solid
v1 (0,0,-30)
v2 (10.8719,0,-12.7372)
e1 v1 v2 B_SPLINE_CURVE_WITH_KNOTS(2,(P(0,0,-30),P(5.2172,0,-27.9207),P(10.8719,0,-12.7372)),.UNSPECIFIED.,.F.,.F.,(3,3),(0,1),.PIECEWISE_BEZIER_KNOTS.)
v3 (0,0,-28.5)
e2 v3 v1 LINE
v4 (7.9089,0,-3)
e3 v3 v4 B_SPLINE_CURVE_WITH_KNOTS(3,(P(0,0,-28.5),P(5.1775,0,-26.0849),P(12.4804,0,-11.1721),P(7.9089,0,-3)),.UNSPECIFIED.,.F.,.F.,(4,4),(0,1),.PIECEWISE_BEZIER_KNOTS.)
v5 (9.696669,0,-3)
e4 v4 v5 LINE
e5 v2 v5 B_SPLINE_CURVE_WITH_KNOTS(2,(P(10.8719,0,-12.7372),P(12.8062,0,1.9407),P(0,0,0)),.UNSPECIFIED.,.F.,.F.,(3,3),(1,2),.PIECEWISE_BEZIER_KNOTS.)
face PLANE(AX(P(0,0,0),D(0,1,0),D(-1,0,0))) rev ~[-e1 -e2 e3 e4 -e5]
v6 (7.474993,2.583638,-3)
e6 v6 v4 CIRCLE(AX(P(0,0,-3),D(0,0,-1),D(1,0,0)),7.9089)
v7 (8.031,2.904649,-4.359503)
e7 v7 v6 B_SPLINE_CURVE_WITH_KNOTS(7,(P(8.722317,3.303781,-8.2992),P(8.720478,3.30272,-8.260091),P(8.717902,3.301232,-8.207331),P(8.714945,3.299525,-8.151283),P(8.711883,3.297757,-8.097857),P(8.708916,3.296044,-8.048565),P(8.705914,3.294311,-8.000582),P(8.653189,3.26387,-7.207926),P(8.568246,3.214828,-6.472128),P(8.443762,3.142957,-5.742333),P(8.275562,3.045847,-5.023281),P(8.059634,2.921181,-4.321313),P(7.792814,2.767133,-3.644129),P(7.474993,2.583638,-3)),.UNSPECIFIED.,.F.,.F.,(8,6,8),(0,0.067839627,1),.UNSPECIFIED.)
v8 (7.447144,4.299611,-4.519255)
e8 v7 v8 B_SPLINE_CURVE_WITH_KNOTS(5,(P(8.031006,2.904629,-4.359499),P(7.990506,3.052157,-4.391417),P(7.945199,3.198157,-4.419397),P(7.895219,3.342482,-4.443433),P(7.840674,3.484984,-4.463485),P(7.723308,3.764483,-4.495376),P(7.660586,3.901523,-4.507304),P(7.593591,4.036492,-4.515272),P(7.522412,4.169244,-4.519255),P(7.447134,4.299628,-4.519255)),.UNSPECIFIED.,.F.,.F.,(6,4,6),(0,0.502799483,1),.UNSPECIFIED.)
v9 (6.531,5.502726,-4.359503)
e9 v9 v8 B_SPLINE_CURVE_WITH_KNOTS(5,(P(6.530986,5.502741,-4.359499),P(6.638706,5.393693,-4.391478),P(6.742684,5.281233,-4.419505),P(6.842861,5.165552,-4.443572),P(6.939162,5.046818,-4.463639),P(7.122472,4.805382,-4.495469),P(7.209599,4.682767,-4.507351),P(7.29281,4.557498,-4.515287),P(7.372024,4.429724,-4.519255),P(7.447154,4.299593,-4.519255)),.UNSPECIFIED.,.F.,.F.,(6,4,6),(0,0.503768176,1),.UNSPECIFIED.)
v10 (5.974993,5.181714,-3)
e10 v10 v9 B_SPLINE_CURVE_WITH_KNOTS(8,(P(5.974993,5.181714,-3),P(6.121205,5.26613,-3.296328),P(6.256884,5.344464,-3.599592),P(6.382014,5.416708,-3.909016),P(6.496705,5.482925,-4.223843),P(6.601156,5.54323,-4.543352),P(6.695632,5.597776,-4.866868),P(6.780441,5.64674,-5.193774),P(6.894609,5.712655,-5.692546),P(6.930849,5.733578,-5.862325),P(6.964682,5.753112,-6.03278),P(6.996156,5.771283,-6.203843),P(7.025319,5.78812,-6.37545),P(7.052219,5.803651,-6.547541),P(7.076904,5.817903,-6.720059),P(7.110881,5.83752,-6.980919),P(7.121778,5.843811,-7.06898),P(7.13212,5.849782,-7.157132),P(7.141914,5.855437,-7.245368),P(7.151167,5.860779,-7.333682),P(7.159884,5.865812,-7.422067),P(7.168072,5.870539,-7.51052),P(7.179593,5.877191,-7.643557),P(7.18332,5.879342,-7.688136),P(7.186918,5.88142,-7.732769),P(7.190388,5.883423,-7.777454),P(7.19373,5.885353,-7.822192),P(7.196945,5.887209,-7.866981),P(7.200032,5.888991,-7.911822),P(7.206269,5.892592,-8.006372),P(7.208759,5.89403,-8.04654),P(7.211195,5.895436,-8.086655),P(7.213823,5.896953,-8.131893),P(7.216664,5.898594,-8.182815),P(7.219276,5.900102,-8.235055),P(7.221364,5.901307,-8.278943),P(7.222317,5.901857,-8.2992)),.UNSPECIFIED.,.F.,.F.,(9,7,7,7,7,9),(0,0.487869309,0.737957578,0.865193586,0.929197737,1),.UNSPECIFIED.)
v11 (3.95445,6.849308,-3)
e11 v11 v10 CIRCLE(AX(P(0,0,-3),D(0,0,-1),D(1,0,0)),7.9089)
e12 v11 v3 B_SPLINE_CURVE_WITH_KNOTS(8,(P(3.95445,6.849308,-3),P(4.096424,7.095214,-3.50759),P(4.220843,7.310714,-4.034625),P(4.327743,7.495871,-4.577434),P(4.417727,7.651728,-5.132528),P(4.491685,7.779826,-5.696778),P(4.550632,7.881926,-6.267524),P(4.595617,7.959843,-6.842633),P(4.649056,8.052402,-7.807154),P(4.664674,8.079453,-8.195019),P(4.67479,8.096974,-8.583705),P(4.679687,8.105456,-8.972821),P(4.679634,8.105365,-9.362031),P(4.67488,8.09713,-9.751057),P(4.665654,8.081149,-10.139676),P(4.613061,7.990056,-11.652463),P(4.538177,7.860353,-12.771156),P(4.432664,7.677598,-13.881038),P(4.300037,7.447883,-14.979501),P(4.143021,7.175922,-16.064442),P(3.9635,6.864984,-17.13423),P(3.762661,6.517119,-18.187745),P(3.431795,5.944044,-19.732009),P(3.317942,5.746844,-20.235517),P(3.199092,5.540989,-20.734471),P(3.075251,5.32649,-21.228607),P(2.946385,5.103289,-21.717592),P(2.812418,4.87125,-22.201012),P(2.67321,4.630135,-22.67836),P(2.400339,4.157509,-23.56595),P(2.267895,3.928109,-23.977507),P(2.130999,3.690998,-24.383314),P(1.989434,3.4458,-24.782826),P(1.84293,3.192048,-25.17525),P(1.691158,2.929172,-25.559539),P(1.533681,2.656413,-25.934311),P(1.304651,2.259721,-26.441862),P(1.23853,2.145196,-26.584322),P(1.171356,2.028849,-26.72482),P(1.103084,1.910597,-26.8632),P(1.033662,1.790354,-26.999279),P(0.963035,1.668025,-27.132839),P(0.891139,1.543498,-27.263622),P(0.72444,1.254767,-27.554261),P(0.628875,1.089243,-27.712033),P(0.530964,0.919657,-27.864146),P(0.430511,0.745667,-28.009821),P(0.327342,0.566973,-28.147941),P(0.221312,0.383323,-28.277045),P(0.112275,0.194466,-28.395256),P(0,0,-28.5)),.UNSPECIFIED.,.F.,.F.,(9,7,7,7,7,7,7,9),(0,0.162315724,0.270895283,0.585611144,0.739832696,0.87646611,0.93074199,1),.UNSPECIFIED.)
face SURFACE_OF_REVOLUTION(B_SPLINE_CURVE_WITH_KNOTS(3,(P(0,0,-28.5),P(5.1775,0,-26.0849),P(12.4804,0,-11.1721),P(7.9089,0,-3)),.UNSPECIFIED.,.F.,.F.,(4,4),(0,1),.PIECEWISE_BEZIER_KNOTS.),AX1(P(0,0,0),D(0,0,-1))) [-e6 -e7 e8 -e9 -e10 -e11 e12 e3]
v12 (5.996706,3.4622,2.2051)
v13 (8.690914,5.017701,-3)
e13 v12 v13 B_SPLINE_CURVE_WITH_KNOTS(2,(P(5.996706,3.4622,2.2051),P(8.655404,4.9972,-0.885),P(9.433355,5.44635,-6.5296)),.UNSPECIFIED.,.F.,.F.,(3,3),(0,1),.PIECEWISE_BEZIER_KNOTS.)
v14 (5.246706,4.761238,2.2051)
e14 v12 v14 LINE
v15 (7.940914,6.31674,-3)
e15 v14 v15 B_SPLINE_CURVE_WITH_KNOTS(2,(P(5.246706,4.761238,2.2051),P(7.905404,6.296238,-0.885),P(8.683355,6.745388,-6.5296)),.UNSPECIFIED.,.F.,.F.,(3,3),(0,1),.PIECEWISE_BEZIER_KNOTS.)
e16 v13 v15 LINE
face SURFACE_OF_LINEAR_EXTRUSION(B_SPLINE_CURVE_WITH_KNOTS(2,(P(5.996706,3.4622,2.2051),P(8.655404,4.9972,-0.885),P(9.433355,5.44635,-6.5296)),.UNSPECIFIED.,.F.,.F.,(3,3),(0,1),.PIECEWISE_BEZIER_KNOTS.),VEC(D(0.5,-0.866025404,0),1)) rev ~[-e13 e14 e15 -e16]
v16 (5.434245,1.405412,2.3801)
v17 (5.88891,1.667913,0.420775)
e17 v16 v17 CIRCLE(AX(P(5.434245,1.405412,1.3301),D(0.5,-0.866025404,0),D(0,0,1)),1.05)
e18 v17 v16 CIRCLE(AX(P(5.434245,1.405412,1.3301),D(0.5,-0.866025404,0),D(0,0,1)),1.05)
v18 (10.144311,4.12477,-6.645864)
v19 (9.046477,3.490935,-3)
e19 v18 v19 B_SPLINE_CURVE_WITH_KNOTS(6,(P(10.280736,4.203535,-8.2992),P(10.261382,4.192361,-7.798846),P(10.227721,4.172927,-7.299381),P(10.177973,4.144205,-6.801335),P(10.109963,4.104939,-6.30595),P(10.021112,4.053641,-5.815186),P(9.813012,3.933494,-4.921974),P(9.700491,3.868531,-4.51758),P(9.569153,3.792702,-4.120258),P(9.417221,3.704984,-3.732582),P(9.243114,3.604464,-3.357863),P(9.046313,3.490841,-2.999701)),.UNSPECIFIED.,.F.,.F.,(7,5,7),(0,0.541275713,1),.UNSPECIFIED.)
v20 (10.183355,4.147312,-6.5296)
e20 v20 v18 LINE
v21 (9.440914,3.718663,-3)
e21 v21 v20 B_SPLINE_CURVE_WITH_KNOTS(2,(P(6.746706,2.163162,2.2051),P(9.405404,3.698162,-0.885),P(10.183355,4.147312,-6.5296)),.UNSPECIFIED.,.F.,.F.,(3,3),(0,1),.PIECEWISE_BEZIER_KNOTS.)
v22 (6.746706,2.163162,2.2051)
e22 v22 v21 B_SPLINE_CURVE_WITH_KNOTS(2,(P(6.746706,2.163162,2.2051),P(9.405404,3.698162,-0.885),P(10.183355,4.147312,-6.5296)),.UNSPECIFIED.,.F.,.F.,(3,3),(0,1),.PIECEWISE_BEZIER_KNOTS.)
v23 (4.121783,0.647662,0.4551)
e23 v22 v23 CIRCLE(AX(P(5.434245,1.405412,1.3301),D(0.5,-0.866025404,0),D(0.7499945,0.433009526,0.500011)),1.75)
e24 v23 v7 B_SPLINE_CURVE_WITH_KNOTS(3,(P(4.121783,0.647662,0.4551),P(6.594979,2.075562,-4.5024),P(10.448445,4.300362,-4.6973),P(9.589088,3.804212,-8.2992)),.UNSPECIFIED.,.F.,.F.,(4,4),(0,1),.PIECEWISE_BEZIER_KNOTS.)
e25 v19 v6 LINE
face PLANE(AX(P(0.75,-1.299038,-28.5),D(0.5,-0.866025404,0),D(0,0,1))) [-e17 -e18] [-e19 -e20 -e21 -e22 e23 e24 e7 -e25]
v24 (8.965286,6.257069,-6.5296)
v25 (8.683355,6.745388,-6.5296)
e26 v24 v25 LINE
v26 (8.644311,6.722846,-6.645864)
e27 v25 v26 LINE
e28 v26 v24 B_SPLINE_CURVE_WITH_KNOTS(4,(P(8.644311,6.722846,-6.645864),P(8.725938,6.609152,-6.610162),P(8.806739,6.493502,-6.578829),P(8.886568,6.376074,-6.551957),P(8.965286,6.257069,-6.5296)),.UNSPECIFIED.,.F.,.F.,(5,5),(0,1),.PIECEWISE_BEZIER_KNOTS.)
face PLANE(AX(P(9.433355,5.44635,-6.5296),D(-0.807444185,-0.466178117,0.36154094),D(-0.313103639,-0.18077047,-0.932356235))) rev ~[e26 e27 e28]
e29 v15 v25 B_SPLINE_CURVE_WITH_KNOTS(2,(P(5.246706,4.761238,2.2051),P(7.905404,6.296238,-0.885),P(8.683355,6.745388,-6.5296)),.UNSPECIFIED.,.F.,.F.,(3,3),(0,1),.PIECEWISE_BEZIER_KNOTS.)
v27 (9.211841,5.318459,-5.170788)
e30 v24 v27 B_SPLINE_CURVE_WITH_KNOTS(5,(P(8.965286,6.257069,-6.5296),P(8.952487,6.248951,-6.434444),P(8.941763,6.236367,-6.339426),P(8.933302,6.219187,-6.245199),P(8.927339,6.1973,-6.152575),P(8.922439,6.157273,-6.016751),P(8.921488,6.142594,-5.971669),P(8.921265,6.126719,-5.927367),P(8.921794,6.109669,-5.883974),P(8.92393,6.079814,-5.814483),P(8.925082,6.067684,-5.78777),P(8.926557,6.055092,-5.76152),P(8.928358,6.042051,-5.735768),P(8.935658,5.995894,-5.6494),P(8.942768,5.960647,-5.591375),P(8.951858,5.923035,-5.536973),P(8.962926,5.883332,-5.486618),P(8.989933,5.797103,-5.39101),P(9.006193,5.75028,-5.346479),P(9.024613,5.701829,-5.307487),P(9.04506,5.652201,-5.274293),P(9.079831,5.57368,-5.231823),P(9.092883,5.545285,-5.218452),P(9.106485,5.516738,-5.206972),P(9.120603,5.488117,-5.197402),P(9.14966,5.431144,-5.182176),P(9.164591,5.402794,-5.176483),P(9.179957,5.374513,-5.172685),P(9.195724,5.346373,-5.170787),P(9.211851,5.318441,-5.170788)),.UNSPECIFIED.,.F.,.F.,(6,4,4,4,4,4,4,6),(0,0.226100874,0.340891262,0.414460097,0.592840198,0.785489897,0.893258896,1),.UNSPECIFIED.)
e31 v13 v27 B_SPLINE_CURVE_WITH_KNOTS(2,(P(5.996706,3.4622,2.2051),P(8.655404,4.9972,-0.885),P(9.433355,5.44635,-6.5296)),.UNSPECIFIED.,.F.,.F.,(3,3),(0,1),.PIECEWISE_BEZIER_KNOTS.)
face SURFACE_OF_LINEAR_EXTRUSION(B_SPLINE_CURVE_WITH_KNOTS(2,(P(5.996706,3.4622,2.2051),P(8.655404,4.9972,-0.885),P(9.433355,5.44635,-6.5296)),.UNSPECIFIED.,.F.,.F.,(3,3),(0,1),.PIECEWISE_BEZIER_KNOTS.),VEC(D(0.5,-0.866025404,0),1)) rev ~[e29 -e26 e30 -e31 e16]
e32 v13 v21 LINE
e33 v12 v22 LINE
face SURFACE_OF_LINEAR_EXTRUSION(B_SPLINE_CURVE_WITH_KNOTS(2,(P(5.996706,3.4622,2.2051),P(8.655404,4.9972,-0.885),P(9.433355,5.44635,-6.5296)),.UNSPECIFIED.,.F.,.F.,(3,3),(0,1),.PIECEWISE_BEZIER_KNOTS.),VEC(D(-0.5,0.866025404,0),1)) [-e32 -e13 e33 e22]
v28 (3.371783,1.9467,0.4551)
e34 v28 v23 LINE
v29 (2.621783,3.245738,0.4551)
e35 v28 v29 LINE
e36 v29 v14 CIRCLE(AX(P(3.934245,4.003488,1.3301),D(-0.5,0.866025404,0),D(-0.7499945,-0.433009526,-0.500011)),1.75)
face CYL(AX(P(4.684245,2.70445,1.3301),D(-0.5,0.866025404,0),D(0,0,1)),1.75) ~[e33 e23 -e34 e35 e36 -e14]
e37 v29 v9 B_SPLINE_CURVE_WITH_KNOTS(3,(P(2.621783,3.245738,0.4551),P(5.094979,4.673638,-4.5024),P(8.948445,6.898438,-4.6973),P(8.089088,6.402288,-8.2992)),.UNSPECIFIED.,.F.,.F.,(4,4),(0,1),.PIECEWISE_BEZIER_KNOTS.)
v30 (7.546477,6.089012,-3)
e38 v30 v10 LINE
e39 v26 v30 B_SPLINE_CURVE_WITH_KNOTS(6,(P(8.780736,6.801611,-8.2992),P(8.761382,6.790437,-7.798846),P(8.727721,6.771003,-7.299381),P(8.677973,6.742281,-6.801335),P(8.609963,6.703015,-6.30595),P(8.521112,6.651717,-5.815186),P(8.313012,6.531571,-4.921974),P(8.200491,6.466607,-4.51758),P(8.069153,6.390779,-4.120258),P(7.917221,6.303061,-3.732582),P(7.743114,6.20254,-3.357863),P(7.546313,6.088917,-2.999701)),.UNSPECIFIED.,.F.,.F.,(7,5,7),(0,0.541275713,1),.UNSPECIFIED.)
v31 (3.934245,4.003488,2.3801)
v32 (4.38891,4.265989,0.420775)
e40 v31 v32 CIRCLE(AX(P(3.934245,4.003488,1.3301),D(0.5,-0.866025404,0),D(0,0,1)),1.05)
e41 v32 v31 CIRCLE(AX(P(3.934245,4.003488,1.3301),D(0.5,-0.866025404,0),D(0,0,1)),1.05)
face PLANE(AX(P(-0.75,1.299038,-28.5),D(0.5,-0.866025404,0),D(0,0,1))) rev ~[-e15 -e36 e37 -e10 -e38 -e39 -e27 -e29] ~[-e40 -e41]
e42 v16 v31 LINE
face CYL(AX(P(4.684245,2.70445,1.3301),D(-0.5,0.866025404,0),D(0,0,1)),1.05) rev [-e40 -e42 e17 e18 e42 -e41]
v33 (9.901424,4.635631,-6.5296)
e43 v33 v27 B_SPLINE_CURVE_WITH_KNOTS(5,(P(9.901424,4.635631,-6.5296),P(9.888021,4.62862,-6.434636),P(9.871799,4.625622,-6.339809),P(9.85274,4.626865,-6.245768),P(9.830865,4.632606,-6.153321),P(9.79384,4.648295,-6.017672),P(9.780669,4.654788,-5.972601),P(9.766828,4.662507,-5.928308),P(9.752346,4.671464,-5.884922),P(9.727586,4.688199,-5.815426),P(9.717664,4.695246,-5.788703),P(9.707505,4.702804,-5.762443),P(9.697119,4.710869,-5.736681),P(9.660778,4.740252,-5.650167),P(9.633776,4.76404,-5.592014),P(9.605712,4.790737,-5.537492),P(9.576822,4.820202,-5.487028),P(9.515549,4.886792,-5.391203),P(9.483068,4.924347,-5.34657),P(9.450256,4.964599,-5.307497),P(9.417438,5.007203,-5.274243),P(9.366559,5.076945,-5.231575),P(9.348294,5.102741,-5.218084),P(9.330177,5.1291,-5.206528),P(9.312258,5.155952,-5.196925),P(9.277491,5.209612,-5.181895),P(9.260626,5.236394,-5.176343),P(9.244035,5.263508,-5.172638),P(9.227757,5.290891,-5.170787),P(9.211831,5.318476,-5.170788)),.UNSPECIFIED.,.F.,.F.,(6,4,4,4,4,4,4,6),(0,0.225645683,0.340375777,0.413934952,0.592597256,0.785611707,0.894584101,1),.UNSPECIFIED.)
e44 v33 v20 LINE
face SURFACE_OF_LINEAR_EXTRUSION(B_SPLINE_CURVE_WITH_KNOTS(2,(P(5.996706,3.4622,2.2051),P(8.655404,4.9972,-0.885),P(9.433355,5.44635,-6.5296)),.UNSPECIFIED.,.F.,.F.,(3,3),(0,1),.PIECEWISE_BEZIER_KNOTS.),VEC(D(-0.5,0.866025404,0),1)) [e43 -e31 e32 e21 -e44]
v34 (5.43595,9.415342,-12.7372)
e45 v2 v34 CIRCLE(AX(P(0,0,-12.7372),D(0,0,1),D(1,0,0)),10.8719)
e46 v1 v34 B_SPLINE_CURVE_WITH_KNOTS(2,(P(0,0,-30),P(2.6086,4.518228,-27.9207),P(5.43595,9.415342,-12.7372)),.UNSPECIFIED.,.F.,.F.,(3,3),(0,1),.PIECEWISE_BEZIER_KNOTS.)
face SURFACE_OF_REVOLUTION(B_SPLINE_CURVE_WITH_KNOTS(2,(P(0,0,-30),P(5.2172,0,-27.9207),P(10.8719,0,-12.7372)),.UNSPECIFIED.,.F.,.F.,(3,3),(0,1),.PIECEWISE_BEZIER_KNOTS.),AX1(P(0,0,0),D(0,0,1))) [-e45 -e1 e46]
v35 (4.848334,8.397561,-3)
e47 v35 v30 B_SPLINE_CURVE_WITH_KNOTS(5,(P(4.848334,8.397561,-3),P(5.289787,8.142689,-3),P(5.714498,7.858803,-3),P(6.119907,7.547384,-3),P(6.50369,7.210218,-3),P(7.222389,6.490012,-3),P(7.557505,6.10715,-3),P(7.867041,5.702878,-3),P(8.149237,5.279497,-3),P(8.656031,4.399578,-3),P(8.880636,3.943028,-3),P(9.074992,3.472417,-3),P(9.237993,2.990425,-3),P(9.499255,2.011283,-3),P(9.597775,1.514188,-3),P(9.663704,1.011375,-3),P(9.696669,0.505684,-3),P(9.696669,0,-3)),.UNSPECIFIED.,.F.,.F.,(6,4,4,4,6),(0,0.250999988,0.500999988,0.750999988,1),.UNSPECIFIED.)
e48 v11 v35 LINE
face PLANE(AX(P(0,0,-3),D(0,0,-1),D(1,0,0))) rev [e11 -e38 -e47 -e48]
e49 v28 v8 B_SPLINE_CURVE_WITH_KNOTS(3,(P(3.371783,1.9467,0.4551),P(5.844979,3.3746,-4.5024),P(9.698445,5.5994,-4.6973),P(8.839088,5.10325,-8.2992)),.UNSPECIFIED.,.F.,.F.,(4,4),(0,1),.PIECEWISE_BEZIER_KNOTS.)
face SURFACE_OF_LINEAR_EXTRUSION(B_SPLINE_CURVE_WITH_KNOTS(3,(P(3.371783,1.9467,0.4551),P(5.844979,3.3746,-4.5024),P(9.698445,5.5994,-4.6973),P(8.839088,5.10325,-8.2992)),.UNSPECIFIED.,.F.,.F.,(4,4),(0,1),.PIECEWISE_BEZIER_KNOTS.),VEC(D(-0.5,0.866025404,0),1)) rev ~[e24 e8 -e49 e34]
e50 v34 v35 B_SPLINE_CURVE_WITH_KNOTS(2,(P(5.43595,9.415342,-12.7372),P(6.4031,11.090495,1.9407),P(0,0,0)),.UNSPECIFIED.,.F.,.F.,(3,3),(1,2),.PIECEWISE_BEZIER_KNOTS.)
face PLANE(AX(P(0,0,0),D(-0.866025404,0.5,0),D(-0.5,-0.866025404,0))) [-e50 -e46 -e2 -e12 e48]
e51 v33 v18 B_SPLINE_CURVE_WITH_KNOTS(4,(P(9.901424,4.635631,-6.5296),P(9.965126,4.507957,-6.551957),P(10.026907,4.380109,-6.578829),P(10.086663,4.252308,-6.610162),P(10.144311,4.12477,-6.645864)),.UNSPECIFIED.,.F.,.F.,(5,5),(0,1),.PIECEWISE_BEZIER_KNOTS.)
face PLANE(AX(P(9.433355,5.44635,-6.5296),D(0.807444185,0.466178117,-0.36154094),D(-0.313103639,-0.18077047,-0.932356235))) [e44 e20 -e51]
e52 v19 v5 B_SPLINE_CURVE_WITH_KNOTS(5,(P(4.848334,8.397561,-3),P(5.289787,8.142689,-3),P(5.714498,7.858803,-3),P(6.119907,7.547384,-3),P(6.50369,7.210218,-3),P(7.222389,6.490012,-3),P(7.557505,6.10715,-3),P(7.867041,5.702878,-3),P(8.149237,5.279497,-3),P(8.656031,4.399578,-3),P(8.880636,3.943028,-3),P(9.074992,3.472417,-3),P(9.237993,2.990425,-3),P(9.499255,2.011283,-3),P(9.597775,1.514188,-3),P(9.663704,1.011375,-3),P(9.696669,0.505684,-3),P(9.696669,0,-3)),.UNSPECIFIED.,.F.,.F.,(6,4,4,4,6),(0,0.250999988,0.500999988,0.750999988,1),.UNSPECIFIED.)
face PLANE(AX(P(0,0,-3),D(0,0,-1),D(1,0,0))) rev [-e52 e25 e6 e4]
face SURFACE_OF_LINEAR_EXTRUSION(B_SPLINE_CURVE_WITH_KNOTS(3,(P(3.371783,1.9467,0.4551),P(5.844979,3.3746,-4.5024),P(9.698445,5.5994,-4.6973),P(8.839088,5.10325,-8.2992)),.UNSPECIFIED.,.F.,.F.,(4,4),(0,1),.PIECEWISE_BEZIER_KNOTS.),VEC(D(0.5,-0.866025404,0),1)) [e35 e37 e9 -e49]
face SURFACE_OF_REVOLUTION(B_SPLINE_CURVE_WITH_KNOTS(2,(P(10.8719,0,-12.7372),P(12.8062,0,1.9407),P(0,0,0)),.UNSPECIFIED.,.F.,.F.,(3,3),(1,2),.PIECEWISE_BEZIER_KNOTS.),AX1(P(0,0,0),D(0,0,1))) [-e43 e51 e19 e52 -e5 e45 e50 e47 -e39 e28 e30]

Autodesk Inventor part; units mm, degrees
ref_plane "YZ Plane" through (0, 0, 0) normal (1, 0, 0) x (0, 1, 0)
sketch "Sketch1" plane through (0, 0, 0) normal (0, 1, 0) x (-1, 0, 0)
  line L0 (0, 0) -> (0, -30)
  line L1 (0, 0) -> (30, 0) construction
  spline S0 degree 2 poles (0, -30) (-5.2172, -27.9207) (-10.8719, -12.7372) knots 0 0 0 1 1 1
  line L2 (-10.8719, -12.7372) -> (-12.8062, 1.9407) construction
  line L3 (-12.8062, 1.9407) -> (0, 0) construction
  spline S1 degree 2 poles (-10.8719, -12.7372) (-12.8062, 1.9407) (0, 0) knots 1 1 1 2 2 2
  point P0 (-3.8105, -26.8078)
  dimension "d16" = 30
  dimension "d17" = 90
revolve "Revolution3" add sketch "Sketch1" angle 60 about axis through (0, 0, 0) along (0, 0, 1)
sketch "Sketch6" plane through (0, 0, -30) normal (0, -1, 0) x (1, 0, 0)
  line L0 (0, 30) -> (0, 27)
  line L1 (0, 30) -> (0, 0) projected
  line L2 (0, 27) -> (15, 27)
  line L3 (0, 0) -> (0, 1.5)
  spline S0 degree 3 poles (0, 1.5) (5.1775, 3.9151) (12.4804, 18.8279) (7.9089, 27) knots 0 0 0 0 1 1 1 1
  point P0 (4.4382, 5.8918)
  point P1 (8.9326, 16.7012)
  dimension "d19" = 3
  dimension "d20" = 15
  dimension "d21" = 1.5
revolve "Revolution4" cut sketch "Sketch6" angle 360 about axis through (0, 0, 0) along (0, 0, -1)
sketch "Sketch7" plane through (0, 0, -3) normal (0, -1, 0) x (1, 0, 0)
  line L0 (0, 3) -> (0, 0) projected
  line L1 (0, 0) -> (13, 0)
  line L2 (13, 0) -> (13, 5)
  line L3 (13, 5) -> (0, 5)
  line L4 (0, 5) -> (0, 0)
  dimension "d23" = 13
  dimension "d24" = 5
revolve "Revolution5" cut sketch "Sketch7" angle 360 about axis through (0, 0, 0) along (0, 0, -1)
sketch "Sketch8" plane through (0, 0, -30) normal (-0.866, 0.5, 0) x (0, 0, 1)
  line L0 (1.5, 0) -> (0, 0) projected
  line L1 (1.5, 0) -> (30, 0)
ref_plane "Work Plane2" through (0, 0, -28.5) normal (0.5, -0.866, 0) x (0, 0, 1)
sketch "Sketch9" plane through (0, 0, -28.5) normal (0.5, -0.866, 0) x (0, 0, 1)
  line L0 (25.5, -6.8493) -> (25.5, -8.3976) projected
  line L1 (25.5, -7.9089) -> (25.5, -6.8493) projected
  line L2 (25.5, -8.3976) -> (25.5, -7.9089)
  line L3 (25.5, -7.9089) -> (25.5, -13.2779)
  line L4 (25.5, -7.9089) -> (29.8301, -5.4089)
  line L5 (25.5, -7.9089) -> (30.5, -7.9089) construction
  circle A0 centre (29.8301, -5.4089) radius 1.75
  circle A1 centre (29.8301, -5.4089) radius 1.05
  spline S0 degree 2 poles (30.7051, -6.9244) (27.615, -9.9944) (21.9704, -10.8927) knots 0 0 0 1 1 1
  spline S1 degree 3 poles (28.9551, -3.8934) (23.9976, -6.7492) (23.8027, -11.1988) (20.2008, -10.2065) knots 0 0 0 0 1 1 1 1
  line L6 (21.9704, -10.8927) -> (20.2008, -10.2065)
  point P0 (28.5, 0)
  point P1 (27.284, -9.3075)
  point P2 (24.5466, -7.9089)
  point P3 (22.5368, -9.9569)
  dimension "d27" = 5
  dimension "d28" = 30
  dimension "d29" = 3.5
  dimension "d30" = 2.1
extrude "Extrusion2" add sketch "Sketch9" along normal mid plane 3
ref_plane "Work Plane3" through (0, 0, -28.5) normal (1, 0, 0) x (0, 0, 1)
properties part number "Innter_petal"
